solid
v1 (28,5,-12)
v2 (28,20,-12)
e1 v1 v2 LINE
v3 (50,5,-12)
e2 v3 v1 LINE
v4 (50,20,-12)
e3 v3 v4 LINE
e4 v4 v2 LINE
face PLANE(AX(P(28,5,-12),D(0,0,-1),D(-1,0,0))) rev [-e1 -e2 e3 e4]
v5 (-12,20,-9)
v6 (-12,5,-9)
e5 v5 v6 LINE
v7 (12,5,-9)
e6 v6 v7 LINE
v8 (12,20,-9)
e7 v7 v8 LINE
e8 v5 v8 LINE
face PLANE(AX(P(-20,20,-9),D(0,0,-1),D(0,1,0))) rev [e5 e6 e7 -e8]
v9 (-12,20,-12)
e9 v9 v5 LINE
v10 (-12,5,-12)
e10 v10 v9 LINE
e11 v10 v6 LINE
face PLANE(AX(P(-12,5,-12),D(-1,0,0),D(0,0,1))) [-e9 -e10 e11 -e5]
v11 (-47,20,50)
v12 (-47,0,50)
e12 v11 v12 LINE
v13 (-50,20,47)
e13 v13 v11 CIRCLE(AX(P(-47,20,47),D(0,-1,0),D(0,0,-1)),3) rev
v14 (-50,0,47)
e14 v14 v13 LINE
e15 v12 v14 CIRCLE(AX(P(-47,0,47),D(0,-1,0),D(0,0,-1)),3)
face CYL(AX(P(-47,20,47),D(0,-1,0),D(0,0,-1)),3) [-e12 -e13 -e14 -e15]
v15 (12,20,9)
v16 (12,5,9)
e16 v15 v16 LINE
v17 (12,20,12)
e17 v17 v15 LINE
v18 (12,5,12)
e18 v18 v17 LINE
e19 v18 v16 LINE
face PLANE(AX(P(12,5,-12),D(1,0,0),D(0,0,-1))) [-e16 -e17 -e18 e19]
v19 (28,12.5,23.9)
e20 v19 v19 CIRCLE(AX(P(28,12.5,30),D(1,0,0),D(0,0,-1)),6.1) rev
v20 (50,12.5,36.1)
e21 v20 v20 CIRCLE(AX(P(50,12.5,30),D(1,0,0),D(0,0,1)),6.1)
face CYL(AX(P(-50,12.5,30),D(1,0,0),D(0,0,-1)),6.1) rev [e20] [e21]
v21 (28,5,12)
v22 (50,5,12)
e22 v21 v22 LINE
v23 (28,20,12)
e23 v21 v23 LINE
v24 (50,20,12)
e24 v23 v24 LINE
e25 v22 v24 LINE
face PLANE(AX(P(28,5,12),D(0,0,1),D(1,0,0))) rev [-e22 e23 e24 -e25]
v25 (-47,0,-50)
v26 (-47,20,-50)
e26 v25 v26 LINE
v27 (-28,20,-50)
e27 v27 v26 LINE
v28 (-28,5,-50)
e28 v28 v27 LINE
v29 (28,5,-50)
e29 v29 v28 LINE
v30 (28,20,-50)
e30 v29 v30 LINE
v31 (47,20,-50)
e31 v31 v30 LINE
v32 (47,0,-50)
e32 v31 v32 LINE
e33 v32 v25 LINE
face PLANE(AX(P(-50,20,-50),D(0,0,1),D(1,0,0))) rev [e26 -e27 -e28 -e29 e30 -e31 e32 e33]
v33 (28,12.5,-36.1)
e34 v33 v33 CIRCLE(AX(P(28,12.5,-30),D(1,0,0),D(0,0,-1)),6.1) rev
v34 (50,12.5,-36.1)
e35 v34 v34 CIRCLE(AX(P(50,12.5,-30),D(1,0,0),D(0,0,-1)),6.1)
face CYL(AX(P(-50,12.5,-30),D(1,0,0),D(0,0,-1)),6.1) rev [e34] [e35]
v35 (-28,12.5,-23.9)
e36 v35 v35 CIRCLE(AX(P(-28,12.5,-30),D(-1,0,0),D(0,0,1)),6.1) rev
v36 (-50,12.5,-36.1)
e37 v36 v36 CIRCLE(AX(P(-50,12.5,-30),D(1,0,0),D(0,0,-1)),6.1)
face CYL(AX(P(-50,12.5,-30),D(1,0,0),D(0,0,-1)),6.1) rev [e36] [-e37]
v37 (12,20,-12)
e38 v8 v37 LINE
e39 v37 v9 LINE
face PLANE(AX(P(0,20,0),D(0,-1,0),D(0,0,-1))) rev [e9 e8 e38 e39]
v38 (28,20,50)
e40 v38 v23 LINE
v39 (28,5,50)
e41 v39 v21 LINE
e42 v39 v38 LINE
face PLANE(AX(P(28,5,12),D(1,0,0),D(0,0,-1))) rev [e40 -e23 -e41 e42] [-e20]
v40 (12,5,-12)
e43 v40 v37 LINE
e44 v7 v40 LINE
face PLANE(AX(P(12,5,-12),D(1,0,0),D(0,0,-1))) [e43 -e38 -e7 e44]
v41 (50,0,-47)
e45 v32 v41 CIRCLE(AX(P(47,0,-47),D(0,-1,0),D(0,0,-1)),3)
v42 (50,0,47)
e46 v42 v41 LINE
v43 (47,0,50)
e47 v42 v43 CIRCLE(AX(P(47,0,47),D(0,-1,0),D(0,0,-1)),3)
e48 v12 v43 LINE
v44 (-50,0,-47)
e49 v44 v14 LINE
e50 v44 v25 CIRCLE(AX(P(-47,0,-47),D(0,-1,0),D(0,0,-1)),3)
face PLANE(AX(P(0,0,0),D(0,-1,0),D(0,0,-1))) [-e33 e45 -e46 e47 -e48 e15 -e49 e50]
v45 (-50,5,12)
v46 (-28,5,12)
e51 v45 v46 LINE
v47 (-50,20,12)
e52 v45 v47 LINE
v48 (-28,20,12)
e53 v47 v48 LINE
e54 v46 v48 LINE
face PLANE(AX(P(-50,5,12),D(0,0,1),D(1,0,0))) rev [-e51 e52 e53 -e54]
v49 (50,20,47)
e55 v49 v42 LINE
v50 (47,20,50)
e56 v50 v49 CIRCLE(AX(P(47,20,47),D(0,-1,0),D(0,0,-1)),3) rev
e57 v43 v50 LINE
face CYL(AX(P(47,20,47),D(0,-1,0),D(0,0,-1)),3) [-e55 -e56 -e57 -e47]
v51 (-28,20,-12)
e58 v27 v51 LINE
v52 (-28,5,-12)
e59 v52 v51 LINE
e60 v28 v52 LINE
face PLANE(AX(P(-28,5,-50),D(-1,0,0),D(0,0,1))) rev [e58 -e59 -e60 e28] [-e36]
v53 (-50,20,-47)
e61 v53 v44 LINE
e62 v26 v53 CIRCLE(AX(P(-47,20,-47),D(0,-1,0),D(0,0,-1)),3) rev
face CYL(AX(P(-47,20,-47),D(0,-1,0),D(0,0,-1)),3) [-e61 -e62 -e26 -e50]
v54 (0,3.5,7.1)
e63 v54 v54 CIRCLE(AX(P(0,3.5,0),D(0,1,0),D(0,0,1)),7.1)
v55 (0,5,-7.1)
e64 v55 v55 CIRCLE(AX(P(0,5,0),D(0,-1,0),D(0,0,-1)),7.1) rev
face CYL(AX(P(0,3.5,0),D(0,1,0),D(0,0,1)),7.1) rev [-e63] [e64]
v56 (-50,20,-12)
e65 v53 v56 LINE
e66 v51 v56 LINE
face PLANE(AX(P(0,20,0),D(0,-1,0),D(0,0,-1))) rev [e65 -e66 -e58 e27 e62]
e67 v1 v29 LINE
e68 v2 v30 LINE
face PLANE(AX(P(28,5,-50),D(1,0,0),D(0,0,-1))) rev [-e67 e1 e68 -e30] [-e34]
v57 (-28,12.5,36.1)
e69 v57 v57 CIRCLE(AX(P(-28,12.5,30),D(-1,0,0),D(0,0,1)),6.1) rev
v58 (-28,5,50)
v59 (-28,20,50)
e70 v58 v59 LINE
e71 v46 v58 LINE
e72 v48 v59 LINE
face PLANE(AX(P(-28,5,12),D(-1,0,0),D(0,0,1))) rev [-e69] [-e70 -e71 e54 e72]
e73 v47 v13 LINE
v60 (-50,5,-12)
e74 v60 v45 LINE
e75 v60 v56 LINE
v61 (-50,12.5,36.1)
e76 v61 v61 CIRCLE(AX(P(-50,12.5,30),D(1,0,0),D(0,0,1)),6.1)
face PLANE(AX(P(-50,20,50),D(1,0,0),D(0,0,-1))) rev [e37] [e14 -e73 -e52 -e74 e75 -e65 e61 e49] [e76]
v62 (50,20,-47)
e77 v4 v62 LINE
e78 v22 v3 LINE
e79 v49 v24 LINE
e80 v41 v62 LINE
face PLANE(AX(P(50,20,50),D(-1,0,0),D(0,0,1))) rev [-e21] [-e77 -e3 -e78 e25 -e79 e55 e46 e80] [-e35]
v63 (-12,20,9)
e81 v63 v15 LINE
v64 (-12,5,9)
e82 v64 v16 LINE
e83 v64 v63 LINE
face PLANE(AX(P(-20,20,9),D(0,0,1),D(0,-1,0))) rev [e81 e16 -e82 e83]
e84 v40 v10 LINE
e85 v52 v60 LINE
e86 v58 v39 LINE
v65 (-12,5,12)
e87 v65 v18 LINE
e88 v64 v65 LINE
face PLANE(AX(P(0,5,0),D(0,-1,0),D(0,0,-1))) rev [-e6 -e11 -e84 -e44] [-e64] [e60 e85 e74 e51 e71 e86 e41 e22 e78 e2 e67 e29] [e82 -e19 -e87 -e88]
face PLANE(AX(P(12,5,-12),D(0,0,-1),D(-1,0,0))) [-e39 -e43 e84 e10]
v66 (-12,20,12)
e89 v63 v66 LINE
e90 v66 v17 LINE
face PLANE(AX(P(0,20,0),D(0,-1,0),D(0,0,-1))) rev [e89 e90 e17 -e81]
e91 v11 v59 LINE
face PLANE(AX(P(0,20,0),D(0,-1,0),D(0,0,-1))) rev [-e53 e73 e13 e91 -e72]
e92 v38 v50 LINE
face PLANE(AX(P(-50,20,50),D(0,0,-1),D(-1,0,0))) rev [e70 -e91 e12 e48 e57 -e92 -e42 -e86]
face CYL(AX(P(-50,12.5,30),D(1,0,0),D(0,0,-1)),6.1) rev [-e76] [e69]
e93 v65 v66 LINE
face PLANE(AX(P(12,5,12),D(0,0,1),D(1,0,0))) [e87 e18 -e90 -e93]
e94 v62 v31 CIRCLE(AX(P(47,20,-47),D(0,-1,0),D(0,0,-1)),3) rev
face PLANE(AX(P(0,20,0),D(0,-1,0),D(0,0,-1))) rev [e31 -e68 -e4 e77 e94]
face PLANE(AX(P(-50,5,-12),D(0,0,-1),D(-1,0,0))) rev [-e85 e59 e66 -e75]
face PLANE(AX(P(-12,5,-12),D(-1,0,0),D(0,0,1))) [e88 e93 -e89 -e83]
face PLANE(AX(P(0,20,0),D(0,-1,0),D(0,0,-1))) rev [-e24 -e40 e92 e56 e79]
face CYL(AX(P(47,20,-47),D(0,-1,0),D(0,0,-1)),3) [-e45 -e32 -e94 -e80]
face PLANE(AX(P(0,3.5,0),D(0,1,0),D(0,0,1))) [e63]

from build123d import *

# Parameters (mm, degrees)
SKETCH1_W               = 100
SKETCH1_H               = 100
BOSS_EXTRUDE1_DEPTH     = 20
SKETCH3_R               = 7.1
CUT_EXTRUDE1_DEPTH      = 16.5
CUT_EXTRUDE4_DEPTH      = 74.484692283
CUT_EXTRUDE4_DEPTH_BACK = 74.484692283
SKETCH7_R               = 6.1
FILLET1_R               = 3
SKETCH11_W              = 24
SKETCH11_H              = 24
CUT_EXTRUDE6_DEPTH      = 15
SKETCH12_W              = 18
SKETCH12_H              = 15
CUT_EXTRUDE7_DEPTH      = 32


with BuildPart() as part:
    # Sketch1 → Boss-Extrude1 (new body)
    with BuildSketch(Plane(origin=(0, 0, 0), x_dir=(1, 0, 0), z_dir=(0, 1, 0))):
        Rectangle(SKETCH1_W, SKETCH1_H)
    extrude(amount=BOSS_EXTRUDE1_DEPTH)

    # Sketch3 → Cut-Extrude1 (cut)
    with BuildSketch(Plane(origin=(0, 20, 0), x_dir=(1, 0, 0), z_dir=(0, 1, 0))):
        with Locations(Location((0, 0, 0), (0, 0, 270))):
            Circle(SKETCH3_R)
    extrude(amount=-CUT_EXTRUDE1_DEPTH, mode=Mode.SUBTRACT)

    # Sketch7 → Cut-Extrude4 (cut, two sides: drawn at the far end of the back side and taken through both)
    with BuildSketch(Plane(origin=(0, 0, 0), x_dir=(0, 0, -1), z_dir=(1, 0, 0)).offset(-CUT_EXTRUDE4_DEPTH_BACK)):
        with Locations((30, 12.5)):
            Circle(SKETCH7_R)
        with Locations(Location((-30, 12.5, 0), (0, 0, 180))):
            Circle(SKETCH7_R)
    extrude(amount=CUT_EXTRUDE4_DEPTH + CUT_EXTRUDE4_DEPTH_BACK, mode=Mode.SUBTRACT)

    # Fillet1
    fillet1_edges = [part.edges().sort_by_distance(p)[0] for p in [
        (50, 10, 50),
        (-50, 10, 50),
        (-50, 10, -50),
        (50, 10, -50),
    ]]
    fillet(fillet1_edges, radius=FILLET1_R)

    # Sketch11 → Cut-Extrude6 (cut)
    with BuildSketch(Plane(origin=(0, 20, 0), x_dir=(1, 0, 0), z_dir=(0, 1, 0))):
        Polygon((-50, 12), (-28, 12), (-28, 50), (28, 50), (28, 12), (50, 12), (50, -12), (28, -12), (28, -50), (-28, -50), (-28, -12), (-50, -12), align=None)
        Rectangle(SKETCH11_W, SKETCH11_H, mode=Mode.SUBTRACT)
    extrude(amount=-CUT_EXTRUDE6_DEPTH, mode=Mode.SUBTRACT)

    # Sketch12 → Cut-Extrude7 (cut)
    with BuildSketch(Plane(origin=(12, 0, 0), x_dir=(0, 0, -1), z_dir=(1, 0, 0))):
        with Locations((0, 12.5)):
            Rectangle(SKETCH12_W, SKETCH12_H)
    extrude(amount=-CUT_EXTRUDE7_DEPTH, mode=Mode.SUBTRACT)


solid = part.part
